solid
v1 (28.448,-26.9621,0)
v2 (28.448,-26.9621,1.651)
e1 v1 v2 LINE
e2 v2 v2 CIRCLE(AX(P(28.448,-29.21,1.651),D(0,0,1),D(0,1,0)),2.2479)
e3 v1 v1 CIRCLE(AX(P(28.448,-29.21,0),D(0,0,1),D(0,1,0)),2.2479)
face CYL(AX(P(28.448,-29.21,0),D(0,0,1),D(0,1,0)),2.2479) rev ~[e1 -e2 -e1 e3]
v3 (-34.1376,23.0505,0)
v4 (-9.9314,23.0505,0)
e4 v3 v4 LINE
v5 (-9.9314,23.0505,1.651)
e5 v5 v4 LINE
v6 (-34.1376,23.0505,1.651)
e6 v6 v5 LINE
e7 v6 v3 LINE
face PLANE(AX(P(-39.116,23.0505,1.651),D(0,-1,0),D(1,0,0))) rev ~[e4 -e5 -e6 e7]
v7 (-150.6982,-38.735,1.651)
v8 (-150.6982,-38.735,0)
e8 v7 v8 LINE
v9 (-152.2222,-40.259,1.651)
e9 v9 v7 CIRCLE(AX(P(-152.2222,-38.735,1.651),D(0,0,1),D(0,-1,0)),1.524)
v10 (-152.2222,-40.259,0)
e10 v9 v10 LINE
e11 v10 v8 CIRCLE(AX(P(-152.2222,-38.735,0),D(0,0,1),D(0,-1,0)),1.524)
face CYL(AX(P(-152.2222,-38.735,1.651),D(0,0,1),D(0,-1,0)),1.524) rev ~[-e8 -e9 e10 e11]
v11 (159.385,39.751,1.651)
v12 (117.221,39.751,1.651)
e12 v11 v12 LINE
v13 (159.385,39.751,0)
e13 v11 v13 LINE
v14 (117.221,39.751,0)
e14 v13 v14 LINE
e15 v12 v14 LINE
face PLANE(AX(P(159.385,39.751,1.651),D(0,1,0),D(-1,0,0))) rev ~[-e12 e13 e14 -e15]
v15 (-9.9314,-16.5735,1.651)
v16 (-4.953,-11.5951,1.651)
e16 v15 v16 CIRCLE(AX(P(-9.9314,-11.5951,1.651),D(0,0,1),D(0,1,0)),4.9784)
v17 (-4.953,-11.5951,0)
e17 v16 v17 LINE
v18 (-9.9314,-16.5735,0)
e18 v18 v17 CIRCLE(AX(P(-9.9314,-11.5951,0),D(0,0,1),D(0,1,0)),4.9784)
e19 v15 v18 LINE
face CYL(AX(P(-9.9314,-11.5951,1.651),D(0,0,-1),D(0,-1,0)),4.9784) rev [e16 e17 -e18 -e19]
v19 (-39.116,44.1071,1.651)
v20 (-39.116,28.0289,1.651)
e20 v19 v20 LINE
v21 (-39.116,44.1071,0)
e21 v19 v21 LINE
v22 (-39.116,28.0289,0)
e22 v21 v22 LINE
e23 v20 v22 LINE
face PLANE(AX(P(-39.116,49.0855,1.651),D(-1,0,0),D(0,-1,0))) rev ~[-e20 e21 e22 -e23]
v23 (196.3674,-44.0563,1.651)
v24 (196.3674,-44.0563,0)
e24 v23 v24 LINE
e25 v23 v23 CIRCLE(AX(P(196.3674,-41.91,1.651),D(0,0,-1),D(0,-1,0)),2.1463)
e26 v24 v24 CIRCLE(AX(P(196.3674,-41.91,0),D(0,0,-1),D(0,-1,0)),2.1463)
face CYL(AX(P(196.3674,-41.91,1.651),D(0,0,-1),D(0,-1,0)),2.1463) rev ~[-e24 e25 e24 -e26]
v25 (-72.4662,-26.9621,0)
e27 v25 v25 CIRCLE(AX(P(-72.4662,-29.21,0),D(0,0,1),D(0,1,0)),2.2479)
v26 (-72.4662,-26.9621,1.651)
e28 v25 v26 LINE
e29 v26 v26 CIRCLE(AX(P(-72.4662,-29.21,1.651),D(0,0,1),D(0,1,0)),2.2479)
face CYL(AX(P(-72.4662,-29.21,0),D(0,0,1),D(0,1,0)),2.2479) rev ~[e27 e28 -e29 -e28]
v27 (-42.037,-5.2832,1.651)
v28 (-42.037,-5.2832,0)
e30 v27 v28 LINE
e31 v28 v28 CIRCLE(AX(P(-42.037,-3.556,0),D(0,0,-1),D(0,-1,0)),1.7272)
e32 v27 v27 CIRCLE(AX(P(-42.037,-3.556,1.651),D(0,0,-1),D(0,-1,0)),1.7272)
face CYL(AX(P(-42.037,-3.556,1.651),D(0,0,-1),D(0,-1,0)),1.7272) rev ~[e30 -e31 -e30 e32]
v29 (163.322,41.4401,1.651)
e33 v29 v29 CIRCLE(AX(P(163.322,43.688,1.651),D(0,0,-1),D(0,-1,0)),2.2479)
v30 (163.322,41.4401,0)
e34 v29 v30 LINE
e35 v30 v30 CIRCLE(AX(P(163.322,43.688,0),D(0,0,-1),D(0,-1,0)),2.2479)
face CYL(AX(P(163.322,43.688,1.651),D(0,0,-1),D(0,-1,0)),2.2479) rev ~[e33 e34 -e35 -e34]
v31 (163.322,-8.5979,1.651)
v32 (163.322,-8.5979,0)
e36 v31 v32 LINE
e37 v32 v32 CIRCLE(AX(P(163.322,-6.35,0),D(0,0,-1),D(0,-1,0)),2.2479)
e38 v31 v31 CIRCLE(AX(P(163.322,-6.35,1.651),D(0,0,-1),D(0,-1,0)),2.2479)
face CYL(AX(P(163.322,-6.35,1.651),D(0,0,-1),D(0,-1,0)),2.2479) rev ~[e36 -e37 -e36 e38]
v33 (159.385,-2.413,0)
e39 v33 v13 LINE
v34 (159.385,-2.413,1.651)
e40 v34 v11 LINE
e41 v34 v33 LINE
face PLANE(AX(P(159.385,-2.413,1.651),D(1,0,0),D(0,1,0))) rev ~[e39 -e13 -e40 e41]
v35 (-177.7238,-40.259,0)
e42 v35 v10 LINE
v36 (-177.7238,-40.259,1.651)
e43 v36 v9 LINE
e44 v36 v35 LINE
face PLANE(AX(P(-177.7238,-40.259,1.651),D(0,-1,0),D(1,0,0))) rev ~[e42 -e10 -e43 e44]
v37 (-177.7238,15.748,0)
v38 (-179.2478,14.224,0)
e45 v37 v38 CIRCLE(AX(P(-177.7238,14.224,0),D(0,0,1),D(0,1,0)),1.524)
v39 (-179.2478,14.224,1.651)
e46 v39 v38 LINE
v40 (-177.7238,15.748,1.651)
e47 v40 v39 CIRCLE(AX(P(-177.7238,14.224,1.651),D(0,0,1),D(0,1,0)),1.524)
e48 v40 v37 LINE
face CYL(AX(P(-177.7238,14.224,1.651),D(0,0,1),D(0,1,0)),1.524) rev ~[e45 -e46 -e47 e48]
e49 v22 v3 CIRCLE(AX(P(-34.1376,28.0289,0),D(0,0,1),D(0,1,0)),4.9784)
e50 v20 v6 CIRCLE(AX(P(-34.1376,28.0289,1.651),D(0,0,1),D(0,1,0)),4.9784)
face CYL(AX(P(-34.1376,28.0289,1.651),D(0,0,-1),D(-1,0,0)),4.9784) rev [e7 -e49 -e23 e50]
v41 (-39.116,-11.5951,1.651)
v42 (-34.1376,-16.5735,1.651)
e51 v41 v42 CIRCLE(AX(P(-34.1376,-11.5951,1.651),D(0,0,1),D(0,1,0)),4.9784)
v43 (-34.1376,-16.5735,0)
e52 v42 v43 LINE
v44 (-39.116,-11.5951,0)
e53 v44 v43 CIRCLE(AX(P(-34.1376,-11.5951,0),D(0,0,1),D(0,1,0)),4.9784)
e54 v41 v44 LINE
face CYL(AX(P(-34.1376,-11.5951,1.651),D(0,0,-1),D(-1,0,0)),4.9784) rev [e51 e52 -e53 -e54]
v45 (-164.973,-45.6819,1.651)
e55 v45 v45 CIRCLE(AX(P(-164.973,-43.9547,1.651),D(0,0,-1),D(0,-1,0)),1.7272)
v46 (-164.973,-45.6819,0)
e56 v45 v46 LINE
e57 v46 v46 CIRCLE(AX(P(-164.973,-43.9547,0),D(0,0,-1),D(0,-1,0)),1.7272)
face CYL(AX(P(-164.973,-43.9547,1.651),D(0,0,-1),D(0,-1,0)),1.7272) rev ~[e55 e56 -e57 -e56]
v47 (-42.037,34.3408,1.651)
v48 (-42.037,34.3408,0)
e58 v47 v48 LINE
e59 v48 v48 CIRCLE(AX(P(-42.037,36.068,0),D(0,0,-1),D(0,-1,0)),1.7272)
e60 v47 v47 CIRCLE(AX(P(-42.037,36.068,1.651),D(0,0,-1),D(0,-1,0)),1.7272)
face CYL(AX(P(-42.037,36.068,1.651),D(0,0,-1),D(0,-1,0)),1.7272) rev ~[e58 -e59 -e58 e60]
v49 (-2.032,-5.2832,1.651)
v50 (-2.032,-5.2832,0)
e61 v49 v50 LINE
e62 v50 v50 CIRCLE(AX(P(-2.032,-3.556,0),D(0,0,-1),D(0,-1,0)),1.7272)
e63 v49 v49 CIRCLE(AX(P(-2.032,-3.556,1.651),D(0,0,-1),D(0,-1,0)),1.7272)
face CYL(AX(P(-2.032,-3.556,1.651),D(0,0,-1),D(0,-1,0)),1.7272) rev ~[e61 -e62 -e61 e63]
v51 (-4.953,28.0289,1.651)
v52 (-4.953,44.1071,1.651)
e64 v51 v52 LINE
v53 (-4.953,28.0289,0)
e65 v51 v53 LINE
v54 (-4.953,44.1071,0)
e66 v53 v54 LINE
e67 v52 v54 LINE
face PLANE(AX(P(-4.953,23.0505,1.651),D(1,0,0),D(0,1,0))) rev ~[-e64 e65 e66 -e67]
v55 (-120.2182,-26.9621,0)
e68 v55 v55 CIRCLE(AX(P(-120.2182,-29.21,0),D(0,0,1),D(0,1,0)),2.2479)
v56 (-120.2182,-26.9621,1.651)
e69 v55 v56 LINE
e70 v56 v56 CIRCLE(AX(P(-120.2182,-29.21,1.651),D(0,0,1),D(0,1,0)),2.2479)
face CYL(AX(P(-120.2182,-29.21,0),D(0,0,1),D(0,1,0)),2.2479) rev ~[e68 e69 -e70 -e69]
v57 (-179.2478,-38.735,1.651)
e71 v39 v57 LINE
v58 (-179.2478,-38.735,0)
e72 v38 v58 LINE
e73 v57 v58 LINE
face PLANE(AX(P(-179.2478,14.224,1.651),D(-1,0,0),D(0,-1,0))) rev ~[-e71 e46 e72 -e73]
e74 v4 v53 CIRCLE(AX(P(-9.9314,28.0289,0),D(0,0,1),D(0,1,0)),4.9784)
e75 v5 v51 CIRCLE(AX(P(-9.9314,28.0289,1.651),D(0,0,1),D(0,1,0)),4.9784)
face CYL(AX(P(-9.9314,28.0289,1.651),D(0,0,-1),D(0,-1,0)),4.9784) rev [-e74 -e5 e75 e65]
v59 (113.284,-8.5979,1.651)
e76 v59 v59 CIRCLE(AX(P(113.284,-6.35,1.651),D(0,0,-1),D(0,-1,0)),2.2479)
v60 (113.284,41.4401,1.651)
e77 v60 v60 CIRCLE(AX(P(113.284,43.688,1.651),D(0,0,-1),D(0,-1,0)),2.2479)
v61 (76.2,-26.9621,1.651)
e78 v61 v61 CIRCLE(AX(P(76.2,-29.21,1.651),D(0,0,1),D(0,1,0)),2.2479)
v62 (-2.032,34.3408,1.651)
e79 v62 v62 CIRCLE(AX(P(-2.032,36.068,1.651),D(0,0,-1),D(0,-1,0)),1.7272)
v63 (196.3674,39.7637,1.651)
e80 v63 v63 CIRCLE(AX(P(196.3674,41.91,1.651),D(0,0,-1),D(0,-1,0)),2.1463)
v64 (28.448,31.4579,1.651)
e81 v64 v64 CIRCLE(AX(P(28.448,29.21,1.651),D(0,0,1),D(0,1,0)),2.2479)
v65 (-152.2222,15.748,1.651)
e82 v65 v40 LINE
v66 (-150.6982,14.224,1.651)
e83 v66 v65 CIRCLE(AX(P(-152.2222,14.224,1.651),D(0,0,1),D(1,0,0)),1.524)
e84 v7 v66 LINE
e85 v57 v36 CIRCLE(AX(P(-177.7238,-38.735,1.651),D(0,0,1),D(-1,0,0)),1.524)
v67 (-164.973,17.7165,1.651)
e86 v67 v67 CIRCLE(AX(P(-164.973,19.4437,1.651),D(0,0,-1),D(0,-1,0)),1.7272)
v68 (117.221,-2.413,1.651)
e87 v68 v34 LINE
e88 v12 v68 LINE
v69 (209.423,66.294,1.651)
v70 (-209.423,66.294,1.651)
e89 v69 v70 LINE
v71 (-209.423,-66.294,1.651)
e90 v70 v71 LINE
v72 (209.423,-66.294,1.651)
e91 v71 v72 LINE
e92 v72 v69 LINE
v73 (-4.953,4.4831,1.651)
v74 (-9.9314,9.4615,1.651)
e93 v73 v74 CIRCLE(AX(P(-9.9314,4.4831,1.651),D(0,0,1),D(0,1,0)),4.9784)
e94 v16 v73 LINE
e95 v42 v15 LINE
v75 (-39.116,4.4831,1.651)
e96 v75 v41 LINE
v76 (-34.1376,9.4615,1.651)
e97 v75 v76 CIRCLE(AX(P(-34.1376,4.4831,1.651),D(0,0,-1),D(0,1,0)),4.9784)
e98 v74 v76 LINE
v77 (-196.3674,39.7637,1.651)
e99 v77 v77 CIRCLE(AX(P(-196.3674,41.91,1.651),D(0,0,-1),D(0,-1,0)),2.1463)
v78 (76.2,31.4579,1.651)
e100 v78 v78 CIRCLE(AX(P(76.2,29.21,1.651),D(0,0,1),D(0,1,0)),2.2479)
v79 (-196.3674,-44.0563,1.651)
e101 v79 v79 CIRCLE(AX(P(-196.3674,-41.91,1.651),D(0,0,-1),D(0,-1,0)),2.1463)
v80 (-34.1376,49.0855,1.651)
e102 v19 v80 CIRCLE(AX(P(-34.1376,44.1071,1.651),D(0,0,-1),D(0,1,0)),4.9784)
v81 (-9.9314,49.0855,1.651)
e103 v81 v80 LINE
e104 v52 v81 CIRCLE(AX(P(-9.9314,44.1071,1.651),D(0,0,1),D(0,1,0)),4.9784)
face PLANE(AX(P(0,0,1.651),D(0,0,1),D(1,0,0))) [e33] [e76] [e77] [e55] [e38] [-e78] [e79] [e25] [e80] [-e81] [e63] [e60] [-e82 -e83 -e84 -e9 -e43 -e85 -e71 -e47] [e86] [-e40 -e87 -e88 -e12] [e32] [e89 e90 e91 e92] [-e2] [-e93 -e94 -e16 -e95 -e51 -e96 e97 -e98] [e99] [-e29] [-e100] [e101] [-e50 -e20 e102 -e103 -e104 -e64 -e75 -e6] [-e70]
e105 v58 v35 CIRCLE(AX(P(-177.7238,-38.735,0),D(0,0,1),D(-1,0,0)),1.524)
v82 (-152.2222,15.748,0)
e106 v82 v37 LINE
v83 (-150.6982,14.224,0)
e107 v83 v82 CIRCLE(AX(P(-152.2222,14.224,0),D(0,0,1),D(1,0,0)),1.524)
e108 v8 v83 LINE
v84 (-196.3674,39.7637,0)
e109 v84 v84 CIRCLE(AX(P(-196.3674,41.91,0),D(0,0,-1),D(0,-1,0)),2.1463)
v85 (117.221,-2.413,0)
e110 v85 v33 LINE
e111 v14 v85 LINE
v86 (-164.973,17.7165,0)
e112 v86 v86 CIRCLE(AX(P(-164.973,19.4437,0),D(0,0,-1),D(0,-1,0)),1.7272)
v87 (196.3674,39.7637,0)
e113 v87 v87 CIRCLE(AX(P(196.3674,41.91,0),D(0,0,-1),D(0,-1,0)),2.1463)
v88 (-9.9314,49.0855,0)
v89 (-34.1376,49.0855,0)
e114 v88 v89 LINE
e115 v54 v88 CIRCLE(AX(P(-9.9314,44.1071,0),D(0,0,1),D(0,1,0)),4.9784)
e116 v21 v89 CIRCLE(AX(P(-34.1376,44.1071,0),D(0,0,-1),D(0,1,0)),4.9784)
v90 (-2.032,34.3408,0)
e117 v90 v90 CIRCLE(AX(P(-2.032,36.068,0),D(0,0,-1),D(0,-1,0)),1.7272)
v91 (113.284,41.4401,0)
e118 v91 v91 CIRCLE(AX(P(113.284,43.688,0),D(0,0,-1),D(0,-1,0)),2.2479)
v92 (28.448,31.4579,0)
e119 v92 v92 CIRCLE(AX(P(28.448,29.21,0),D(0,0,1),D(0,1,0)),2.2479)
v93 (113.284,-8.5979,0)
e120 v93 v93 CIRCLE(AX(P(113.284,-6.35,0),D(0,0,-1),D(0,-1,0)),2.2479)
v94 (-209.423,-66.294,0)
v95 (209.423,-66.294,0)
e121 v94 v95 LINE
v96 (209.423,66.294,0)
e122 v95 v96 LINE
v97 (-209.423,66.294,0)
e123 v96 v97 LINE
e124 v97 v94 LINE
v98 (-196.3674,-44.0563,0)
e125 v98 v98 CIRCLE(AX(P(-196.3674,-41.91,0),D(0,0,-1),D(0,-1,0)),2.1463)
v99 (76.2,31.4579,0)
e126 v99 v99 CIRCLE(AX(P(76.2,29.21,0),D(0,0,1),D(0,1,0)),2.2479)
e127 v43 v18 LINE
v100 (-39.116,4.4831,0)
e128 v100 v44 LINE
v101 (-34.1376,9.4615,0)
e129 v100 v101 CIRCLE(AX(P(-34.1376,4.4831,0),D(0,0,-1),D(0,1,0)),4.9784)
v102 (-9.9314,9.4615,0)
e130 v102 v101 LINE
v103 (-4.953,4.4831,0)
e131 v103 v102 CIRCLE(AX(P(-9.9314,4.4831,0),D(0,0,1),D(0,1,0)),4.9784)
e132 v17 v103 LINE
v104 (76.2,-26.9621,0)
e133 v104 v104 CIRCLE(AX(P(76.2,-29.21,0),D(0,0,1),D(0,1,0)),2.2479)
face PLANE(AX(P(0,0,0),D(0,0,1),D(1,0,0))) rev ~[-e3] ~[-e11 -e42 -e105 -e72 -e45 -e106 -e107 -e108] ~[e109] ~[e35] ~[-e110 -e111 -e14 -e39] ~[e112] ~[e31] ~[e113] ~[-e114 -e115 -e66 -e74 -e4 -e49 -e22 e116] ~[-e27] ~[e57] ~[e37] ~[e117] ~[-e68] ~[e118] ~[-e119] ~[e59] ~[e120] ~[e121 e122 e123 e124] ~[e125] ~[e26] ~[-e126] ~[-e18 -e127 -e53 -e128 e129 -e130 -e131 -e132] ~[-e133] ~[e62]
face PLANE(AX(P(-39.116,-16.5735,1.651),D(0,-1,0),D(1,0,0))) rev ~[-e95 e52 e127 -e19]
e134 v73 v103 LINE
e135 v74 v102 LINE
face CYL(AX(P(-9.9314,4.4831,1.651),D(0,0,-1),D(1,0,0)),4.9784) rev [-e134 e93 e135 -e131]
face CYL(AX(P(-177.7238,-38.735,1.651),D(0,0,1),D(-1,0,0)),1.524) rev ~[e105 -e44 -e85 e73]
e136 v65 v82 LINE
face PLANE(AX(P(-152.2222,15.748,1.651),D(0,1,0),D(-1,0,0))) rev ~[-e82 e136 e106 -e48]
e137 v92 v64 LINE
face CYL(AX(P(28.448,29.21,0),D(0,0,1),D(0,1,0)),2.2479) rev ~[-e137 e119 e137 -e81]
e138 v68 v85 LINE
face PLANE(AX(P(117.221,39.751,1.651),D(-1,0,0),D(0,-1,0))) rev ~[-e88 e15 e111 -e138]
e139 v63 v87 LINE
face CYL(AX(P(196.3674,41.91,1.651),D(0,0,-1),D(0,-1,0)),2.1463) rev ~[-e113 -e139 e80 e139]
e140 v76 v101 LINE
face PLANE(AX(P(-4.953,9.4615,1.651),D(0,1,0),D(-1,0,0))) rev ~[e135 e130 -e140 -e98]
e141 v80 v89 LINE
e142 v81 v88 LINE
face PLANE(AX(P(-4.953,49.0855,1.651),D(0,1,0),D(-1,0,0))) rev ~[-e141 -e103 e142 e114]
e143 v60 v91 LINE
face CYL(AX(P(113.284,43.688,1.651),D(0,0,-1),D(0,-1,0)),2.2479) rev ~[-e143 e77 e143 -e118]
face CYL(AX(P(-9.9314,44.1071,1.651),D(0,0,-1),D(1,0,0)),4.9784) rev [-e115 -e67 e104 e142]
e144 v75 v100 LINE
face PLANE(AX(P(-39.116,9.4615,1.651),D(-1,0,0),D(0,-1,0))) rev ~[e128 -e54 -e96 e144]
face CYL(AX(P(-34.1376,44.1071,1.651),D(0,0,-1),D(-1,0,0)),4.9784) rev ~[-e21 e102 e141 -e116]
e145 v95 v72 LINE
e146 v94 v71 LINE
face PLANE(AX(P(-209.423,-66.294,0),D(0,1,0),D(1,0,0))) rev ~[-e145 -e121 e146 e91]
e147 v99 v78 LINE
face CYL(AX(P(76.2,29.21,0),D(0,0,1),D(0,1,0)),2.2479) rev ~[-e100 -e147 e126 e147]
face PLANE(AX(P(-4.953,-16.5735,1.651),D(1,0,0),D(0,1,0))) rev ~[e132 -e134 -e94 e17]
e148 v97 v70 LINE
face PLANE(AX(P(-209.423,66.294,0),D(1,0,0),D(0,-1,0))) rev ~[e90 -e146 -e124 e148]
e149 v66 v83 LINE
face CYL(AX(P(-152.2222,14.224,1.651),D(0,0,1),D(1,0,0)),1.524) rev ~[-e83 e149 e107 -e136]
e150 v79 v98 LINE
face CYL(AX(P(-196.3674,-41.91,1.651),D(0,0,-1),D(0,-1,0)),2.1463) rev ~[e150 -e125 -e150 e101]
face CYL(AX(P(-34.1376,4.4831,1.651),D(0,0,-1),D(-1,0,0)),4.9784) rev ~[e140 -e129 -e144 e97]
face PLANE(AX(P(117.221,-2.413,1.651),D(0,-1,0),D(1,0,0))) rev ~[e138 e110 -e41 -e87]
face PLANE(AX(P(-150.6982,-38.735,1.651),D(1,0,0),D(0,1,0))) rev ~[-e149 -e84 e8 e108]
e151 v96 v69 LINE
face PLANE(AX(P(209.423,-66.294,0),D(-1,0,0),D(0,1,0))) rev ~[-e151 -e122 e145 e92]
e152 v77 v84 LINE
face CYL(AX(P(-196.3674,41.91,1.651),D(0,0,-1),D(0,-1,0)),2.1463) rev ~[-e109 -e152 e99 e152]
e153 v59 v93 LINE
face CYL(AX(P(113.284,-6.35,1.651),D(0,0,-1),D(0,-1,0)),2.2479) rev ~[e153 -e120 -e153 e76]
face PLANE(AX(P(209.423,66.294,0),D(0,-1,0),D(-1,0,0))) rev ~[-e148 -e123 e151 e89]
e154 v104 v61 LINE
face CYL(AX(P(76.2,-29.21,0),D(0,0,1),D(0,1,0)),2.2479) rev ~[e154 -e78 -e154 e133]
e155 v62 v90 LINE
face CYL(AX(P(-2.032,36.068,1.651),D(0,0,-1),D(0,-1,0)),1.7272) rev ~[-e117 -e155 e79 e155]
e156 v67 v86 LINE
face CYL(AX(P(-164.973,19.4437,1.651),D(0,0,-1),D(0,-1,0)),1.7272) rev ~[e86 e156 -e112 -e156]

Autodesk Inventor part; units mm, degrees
ref_plane "YZ Plane" through (0, 0, 0) normal (1, 0, 0) x (0, 1, 0)
ref_plane "XZ Plane" through (0, 0, 0) normal (0, 1, 0) x (-1, 0, 0)
ref_plane "XY Plane" through (0, 0, 0) normal (0, 0, 1) x (1, 0, 0)
sketch "Sketch1" plane through (0, 0, 0) normal (0, 0, 1) x (1, 0, 0)
  line L0 (-209.423, -66.294) -> (209.423, -66.294)
  line L1 (209.423, -66.294) -> (209.423, 66.294)
  line L2 (209.423, 66.294) -> (-209.423, 66.294)
  line L3 (-209.423, 66.294) -> (-209.423, -66.294)
  line L4 (-209.423, -66.294) -> (209.423, 66.294) construction
  line L5 (209.423, -66.294) -> (-209.423, 66.294) construction
  point P0 (0, 0)
  dimension "d0" = 418.846
  dimension "d1" = 132.588
extrude "PDU back" add sketch "Sketch1" along normal blind 1.651
sketch "pwr entry" plane through (0, 0, 1.651) normal (0, 0, 1) x (1, 0, 0)
  line L0 (-177.7238, -40.259) -> (-152.2222, -40.259)
  line L1 (-150.6982, -38.735) -> (-150.6982, 14.224)
  line L2 (-152.2222, 15.748) -> (-177.7238, 15.748)
  line L3 (-179.2478, 14.224) -> (-179.2478, -38.735)
  line L4 (-179.2478, -40.259) -> (-150.6982, 15.748) construction
  line L5 (-150.6982, -40.259) -> (-179.2478, 15.748) construction
  line L6 (-164.973, 19.4437) -> (-164.973, -43.9547) construction
  line L7 (-209.423, 66.294) -> (-209.423, -66.294)
  line L8 (-209.423, -66.294) -> (209.423, -66.294)
  arc A0 (-150.6982, 14.224) -> (-152.2222, 15.748) centre (-152.2222, 14.224) ccw
  arc A1 (-177.7238, 15.748) -> (-179.2478, 14.224) centre (-177.7238, 14.224) ccw
  arc A2 (-179.2478, -38.735) -> (-177.7238, -40.259) centre (-177.7238, -38.735) ccw
  arc A3 (-152.2222, -40.259) -> (-150.6982, -38.735) centre (-152.2222, -38.735) ccw
  point P0 (0, 0)
  point P1 (-164.973, -12.2555)
  point P2 (-164.973, -12.2555)
  dimension "d4" = 56.007
  dimension "d5" = 28.5496
  dimension "d6" = 63.3984
  dimension "d7" = 44.45
  dimension "d8" = 22.3393
  dimension "d9" = 1.524
extrude "pwr entry cutout" cut sketch "pwr entry" against normal through all
hole "pwr entry holes" at (-164.973, 19.4437, 1.651) at (-164.973, -43.9547, 1.651) direction (0, 0, -1) diameter 3.4544 end through all
sketch "IEC outlet" plane through (0, 0, 1.651) normal (0, 0, 1) x (1, 0, 0)
  line L0 (-39.116, -16.5735) -> (-4.953, -16.5735)
  line L1 (-4.953, -16.5735) -> (-4.953, 9.4615)
  line L2 (-4.953, 9.4615) -> (-39.116, 9.4615)
  line L3 (-39.116, 9.4615) -> (-39.116, -16.5735)
  line L4 (-39.116, -16.5735) -> (-4.953, 9.4615) construction
  line L5 (-4.953, -16.5735) -> (-39.116, 9.4615) construction
  line L6 (-42.037, -3.556) -> (-2.032, -3.556) construction
  line L7 (-209.423, 66.294) -> (-209.423, -66.294)
  line L8 (-209.423, -66.294) -> (209.423, -66.294)
  line L9 (-39.116, 23.0505) -> (-4.953, 23.0505)
  line L10 (-4.953, 23.0505) -> (-4.953, 49.0855)
  line L11 (-4.953, 49.0855) -> (-39.116, 49.0855)
  line L12 (-39.116, 49.0855) -> (-39.116, 23.0505)
  line L13 (-39.116, 23.0505) -> (-4.953, 49.0855) construction
  line L14 (-4.953, 23.0505) -> (-39.116, 49.0855) construction
  line L15 (-42.037, 36.068) -> (-2.032, 36.068) construction
  point P0 (-22.0345, -3.556)
  point P1 (-22.0345, -3.556)
  point P2 (-22.0345, 36.068)
  point P3 (-22.0345, 36.068)
  dimension "d19" = 26.035
  dimension "d20" = 34.163
  dimension "d22" = 40.005
  dimension "d23" = 167.386
  dimension "d24" = 62.738
  dimension "d129" = 39.624
hole "IEC holes" at (-2.032, -3.556, 1.651) at (-42.037, -3.556, 1.651) at (-2.032, 36.068, 1.651) at (-42.037, 36.068, 1.651) direction (0, 0, -1) diameter 3.4544 end through all
sketch "airflow" plane through (0, 0, 1.651) normal (0, 0, 1) x (1, 0, 0)
  line L0 (-209.423, 66.294) -> (-209.423, -66.294)
  line L1 (-209.423, -66.294) -> (209.423, -66.294)
  line L2 (108.331, -11.303) -> (168.275, -11.303) construction
  line L3 (168.275, -11.303) -> (168.275, 48.641) construction
  line L4 (168.275, 48.641) -> (108.331, 48.641) construction
  line L5 (108.331, 48.641) -> (108.331, -11.303) construction
  line L6 (108.331, -11.303) -> (168.275, 48.641) construction
  line L7 (168.275, -11.303) -> (108.331, 48.641) construction
  line L8 (113.284, -6.35) -> (163.322, -6.35) construction
  line L9 (163.322, -6.35) -> (163.322, 43.688) construction
  line L10 (163.322, 43.688) -> (113.284, 43.688) construction
  line L11 (113.284, 43.688) -> (113.284, -6.35) construction
  line L12 (113.284, -6.35) -> (163.322, 43.688) construction
  line L13 (163.322, -6.35) -> (113.284, 43.688) construction
  line L14 (117.221, -2.413) -> (159.385, -2.413)
  line L15 (159.385, -2.413) -> (159.385, 39.751)
  line L16 (159.385, 39.751) -> (117.221, 39.751)
  line L17 (117.221, 39.751) -> (117.221, -2.413)
  line L18 (117.221, -2.413) -> (159.385, 39.751) construction
  line L19 (159.385, -2.413) -> (117.221, 39.751) construction
  line L20 (209.423, 66.294) -> (-209.423, 66.294)
  point P0 (0, 0)
  point P1 (138.303, 18.669)
  point P2 (138.303, 18.669)
  dimension "d76" = 59.944
  dimension "d77" = 59.944
  dimension "d78" = 50.038
  dimension "d79" = 42.164
  dimension "d123" = 22.606
  dimension "d153" = 322.707
sketch "relay holes" plane through (0, 0, 0) normal (0, 0, -1) x (-1, 0, 0)
  circle A0 centre (2.032, -3.556) radius 1.7272 construction
  line L0 (84.9503, 23.1654) -> (84.9503, -54.0444) construction
  line L1 (-209.423, 66.294) -> (209.423, 66.294)
  line L2 (5.08, 36.068) -> (5.08, -3.9037) construction
  line L3 (150.6982, 14.224) -> (150.6982, -38.735)
  line L4 (72.4662, -29.21) -> (120.2182, -29.21) construction
  point P0 (-28.448, -29.21)
  point P1 (-28.448, 29.21)
  point P2 (-76.2, 29.21)
  point P3 (-76.2, -29.21)
  point P4 (-25.4, -29.21)
  point P5 (2.032, 36.068)
  dimension "d138" = 47.752
  dimension "d139" = 37.084
  dimension "d143" = 58.42
  dimension "d148" = 47.752
  dimension "d149" = 95.504
  dimension "d150" = 30.48
  dimension "d175" = 30.48
  dimension "d176" = 47.752
  dimension "d177" = 30.48
hole "Hole5" at (163.322, 43.688, 1.651) at (113.284, 43.688, 1.651) at (113.284, -6.35, 1.651) at (163.322, -6.35, 1.651) direction (0, 0, -1) diameter 4.4958 end through all
extrude "Extrusion6" cut sketch "airflow" against normal blind 25.4
sketch "bracket" plane through (0, 0, 1.651) normal (0, 0, 1) x (1, 0, 0)
  line L0 (209.423, -66.294) -> (209.423, 66.294) construction
  line L1 (209.423, 54.61) -> (190.373, 54.61) construction
  line L2 (190.373, 54.61) -> (190.373, -54.61) construction
  line L3 (190.373, -54.61) -> (209.423, -54.61) construction
  line L4 (209.423, -54.61) -> (209.423, 54.61) construction
  line L5 (209.423, 66.294) -> (-209.423, 66.294) construction
  line L6 (-209.423, 66.294) -> (-209.423, -66.294) construction
  line L7 (-209.423, 54.61) -> (-190.373, 54.61) construction
  line L8 (-190.373, 54.61) -> (-190.373, -54.61) construction
  line L9 (-190.373, -54.61) -> (-209.423, -54.61) construction
  line L10 (-209.423, -54.61) -> (-209.423, 54.61) construction
  point P0 (0, 0)
  point P1 (196.3674, 41.91)
  point P2 (196.3674, -41.91)
  point P3 (-196.3674, -41.91)
  point P4 (-196.3674, 41.91)
  dimension "d94" = 19.05
  dimension "d95" = 109.22
  dimension "d96" = 11.684
  dimension "d103" = 19.05
  dimension "d104" = 109.22
  dimension "d105" = 11.684
  dimension "d121" = 12.7
  dimension "d122" = 5.9944
  dimension "d161" = 12.7
  dimension "d162" = 12.7
  dimension "d163" = 5.9944
  dimension "d164" = 5.9944
  dimension "d165" = 12.7
  dimension "d166" = 5.9944
hole "bracket holes" at (-196.3674, 41.91, 1.651) at (-196.3674, -41.91, 1.651) at (196.3674, 41.91, 1.651) at (196.3674, -41.91, 1.651) direction (0, 0, -1) diameter 4.2926 end through all
extrude "Extrusion7" cut sketch "IEC outlet" against normal through all
fillet "Fillet3" radius 4.9784 8 edges at (-39.116, 49.0855, 0.8255) (-39.116, 23.0505, 0.8255) (-4.953, 23.0505, 0.8255) (-4.953, 49.0855, 0.8255) (-4.953, 9.4615, 0.8255) (-39.116, 9.4615, 0.8255) (-39.116, -16.5735, 0.8255) (-4.953, -16.5735, 0.8255)
hole "Hole8" at (28.448, 29.21, 0) at (76.2, 29.21, 0) at (76.2, -29.21, 0) at (28.448, -29.21, 0) at (-120.2182, -29.21, 0) at (-72.4662, -29.21, 0) direction (0, 0, 1) diameter 4.4958 end through all
properties part number "PDU_chassis_back"
